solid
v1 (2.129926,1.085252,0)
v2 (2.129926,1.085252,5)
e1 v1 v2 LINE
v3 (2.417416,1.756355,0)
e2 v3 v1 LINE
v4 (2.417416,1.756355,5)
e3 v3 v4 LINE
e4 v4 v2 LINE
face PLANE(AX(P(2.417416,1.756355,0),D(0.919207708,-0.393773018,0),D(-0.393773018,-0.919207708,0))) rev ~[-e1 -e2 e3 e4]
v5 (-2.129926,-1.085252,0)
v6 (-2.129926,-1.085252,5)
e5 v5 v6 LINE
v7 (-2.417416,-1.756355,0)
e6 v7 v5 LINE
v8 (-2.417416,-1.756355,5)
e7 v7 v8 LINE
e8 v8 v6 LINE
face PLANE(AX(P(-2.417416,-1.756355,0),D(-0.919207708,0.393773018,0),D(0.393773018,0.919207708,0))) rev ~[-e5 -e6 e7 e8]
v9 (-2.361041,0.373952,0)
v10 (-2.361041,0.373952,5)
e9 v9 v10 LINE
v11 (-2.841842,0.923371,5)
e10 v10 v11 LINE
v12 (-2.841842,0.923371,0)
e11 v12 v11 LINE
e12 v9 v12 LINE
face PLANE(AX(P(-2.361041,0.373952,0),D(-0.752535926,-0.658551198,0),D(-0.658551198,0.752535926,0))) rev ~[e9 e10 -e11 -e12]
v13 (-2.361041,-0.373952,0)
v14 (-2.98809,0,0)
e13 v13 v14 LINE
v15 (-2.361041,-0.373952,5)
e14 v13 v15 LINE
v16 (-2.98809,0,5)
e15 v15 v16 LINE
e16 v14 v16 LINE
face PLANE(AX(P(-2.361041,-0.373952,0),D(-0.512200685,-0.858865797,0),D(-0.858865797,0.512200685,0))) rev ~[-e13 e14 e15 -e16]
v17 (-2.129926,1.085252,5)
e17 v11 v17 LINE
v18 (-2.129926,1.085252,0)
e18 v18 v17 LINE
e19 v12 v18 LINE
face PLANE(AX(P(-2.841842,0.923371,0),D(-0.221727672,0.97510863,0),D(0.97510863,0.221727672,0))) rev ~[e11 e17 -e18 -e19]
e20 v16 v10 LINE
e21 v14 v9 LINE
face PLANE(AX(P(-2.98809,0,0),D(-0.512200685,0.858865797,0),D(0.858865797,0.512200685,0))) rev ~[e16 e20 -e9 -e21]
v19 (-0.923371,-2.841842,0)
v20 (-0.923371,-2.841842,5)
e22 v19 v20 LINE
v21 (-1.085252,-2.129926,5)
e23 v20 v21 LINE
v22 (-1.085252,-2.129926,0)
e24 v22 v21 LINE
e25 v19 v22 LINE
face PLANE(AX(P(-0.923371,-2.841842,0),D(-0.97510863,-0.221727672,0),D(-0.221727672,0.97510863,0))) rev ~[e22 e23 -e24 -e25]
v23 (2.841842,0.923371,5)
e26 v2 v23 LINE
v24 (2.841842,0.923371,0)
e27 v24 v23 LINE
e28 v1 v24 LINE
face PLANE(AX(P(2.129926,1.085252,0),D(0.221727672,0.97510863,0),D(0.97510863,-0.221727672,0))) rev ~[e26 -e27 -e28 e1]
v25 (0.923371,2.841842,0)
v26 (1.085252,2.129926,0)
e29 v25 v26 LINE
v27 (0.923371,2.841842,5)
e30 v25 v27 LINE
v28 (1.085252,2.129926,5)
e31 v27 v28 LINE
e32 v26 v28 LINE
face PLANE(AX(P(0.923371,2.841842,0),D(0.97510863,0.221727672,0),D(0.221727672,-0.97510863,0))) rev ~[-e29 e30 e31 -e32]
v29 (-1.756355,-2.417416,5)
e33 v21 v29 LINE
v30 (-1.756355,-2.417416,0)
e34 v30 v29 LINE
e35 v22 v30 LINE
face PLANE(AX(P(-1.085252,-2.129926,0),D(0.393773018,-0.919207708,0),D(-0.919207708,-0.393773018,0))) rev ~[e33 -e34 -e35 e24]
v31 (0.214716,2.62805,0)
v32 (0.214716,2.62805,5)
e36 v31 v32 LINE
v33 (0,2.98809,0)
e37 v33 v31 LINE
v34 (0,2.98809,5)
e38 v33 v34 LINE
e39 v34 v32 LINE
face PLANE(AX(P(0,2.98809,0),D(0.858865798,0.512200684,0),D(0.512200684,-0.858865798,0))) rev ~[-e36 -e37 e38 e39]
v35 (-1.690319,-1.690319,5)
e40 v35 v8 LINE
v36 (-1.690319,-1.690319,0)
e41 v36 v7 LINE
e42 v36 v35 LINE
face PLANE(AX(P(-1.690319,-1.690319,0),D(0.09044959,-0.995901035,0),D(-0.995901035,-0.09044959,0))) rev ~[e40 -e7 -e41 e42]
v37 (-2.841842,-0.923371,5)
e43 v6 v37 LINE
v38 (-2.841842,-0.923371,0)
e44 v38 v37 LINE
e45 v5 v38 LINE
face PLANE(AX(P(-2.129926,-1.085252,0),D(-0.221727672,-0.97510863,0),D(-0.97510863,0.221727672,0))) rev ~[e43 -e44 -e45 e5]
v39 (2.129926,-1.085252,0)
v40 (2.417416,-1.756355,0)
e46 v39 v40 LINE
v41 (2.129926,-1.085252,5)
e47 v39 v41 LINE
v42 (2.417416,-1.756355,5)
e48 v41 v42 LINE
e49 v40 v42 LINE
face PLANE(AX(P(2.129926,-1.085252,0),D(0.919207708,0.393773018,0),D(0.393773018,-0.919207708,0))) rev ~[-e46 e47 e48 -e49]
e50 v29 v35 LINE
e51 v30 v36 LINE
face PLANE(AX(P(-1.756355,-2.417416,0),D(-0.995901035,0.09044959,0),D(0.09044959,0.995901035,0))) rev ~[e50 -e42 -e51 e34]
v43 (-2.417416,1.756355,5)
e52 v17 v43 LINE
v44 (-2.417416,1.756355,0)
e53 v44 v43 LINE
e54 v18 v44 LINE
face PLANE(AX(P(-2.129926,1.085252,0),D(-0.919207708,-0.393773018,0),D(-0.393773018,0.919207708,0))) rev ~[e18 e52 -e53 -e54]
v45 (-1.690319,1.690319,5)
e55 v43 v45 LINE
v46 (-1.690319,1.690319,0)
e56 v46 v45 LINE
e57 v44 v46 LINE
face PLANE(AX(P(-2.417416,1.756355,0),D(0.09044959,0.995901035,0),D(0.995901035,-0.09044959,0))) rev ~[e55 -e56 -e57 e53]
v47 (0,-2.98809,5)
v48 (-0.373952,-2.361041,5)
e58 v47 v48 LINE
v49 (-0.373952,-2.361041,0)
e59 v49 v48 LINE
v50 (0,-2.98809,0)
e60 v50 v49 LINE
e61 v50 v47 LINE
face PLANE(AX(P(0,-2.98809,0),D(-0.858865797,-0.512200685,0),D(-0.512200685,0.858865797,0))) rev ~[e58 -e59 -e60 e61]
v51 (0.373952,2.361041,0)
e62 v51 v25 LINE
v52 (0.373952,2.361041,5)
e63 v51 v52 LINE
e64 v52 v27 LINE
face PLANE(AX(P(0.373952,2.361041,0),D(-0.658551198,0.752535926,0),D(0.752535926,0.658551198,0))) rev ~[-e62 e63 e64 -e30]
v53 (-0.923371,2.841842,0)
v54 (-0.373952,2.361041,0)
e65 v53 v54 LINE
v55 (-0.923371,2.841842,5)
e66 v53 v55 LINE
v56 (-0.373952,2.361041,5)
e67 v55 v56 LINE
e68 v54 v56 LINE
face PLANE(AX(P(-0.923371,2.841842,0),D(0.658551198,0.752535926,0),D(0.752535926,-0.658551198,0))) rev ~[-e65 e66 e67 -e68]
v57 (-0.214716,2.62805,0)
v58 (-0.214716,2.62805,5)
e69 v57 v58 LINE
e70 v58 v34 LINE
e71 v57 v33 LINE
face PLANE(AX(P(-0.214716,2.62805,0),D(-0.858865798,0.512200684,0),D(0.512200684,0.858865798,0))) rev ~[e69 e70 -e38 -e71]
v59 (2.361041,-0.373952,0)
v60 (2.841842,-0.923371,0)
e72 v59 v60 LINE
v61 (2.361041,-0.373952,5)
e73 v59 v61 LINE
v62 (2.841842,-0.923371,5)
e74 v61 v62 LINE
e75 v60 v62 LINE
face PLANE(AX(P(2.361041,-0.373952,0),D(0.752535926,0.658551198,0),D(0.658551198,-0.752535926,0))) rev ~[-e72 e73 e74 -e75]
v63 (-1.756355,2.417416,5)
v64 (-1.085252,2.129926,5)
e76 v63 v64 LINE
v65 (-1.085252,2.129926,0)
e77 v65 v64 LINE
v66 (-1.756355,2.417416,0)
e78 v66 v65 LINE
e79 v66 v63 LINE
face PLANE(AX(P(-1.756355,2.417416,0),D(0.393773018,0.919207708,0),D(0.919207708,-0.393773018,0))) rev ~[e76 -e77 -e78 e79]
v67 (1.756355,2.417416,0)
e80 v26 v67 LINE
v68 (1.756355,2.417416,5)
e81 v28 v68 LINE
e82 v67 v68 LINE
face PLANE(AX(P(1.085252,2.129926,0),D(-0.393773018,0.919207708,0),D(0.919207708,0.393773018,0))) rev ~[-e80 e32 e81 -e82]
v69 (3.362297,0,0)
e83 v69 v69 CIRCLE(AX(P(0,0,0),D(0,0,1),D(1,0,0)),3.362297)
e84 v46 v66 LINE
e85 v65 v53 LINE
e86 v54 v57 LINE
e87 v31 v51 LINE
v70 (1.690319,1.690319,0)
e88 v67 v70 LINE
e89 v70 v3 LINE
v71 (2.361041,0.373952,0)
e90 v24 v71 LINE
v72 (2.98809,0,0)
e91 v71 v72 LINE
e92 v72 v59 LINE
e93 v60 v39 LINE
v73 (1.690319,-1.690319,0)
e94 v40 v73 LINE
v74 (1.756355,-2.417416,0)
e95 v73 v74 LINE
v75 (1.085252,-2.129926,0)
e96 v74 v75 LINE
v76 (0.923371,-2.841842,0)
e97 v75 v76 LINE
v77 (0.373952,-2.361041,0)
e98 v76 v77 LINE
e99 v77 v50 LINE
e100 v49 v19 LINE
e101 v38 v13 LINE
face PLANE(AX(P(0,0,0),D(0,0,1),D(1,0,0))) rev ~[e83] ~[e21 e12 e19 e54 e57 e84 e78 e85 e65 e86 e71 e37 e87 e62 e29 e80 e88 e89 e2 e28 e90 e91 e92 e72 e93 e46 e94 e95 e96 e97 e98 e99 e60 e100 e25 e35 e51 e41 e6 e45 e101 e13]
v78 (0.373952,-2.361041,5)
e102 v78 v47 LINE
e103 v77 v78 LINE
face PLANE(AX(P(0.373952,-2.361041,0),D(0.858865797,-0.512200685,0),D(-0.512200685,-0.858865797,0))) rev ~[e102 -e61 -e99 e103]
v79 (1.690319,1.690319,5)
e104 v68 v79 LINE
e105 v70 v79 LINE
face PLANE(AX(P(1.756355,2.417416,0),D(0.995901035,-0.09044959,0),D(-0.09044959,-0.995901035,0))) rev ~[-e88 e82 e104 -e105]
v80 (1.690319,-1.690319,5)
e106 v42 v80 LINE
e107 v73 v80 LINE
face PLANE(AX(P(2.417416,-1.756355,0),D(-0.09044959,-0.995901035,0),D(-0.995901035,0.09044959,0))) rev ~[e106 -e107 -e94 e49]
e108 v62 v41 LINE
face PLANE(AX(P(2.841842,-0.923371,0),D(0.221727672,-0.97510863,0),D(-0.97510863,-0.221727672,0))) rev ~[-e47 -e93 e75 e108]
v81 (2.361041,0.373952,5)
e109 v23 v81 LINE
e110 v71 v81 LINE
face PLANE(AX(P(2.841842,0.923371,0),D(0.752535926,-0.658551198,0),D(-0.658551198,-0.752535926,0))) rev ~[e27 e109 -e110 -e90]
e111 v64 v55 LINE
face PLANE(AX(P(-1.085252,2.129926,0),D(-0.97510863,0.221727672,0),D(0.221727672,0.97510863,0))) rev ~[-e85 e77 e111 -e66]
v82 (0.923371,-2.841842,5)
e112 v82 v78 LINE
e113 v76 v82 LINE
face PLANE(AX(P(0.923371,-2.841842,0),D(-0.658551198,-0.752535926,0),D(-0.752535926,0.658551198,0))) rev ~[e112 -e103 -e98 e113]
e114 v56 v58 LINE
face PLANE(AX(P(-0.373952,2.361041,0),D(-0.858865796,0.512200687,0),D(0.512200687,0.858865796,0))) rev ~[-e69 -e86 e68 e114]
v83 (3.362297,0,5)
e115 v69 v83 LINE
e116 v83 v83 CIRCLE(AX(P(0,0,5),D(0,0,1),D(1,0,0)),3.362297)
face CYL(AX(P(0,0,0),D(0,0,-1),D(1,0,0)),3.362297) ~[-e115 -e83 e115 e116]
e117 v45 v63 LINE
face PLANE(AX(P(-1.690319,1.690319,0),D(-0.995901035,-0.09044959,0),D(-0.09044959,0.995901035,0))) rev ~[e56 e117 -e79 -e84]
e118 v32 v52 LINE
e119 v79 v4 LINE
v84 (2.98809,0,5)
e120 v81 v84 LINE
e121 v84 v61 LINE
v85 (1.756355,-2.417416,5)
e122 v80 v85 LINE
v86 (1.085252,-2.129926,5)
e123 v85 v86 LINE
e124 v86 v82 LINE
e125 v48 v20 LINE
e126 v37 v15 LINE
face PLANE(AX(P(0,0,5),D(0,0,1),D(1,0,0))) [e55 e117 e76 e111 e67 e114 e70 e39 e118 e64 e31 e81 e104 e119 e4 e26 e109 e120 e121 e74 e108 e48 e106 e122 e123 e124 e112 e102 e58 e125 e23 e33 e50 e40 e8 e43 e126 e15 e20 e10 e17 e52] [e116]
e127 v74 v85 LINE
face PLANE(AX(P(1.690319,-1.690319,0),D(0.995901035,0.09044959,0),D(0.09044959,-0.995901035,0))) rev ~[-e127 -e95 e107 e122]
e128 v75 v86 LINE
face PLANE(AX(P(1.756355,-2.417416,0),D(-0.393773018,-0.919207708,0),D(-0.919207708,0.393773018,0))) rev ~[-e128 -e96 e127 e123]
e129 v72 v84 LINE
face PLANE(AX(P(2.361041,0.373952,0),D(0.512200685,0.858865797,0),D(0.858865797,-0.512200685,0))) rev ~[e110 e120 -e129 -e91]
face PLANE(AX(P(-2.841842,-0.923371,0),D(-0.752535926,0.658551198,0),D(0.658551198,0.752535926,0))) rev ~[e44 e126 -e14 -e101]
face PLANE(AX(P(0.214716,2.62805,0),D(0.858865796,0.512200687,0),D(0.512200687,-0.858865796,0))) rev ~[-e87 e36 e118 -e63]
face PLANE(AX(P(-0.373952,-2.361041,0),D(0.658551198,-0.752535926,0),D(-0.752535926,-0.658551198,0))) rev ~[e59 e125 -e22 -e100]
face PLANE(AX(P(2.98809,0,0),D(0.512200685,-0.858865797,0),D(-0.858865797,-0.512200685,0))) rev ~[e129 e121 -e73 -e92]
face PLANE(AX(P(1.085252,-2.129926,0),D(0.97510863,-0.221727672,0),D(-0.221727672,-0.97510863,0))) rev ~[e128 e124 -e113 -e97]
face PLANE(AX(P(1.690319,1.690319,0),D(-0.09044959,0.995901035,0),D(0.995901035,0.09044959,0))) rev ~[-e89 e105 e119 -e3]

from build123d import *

# Parameters (mm, degrees)
SERVOSPLINEPROFILE_R = 3.362297175
SERVOKEY_DEPTH       = 5


with BuildPart() as part:
    # ServoSplineProfile → ServoKey (new body)
    with BuildSketch(Plane.XY):
        Circle(SERVOSPLINEPROFILE_R)
        Polygon((0.214716449, 2.628050171), (0.373952201, 2.361041273), (0.923370571, 2.841842406), (1.085251555, 2.129926103), (1.756355197, 2.41741554), (1.690318926, 1.690318926), (2.41741554, 1.756355197), (2.129926103, 1.085251555), (2.841842406, 0.923370571), (2.361041273, 0.373952201), (2.988089937, 0), (2.361041273, -0.373952201), (2.841842406, -0.923370571), (2.129926103, -1.085251555), (2.41741554, -1.756355197), (1.690318926, -1.690318926), (1.756355197, -2.41741554), (1.085251555, -2.129926103), (0.923370571, -2.841842406), (0.373952201, -2.361041273), (0, -2.988089937), (-0.373952201, -2.361041273), (-0.923370571, -2.841842406), (-1.085251555, -2.129926103), (-1.756355197, -2.41741554), (-1.690318926, -1.690318926), (-2.41741554, -1.756355197), (-2.129926103, -1.085251555), (-2.841842406, -0.923370571), (-2.361041273, -0.373952201), (-2.988089937, 0), (-2.361041273, 0.373952201), (-2.841842406, 0.923370571), (-2.129926103, 1.085251555), (-2.41741554, 1.756355197), (-1.690318926, 1.690318926), (-1.756355197, 2.41741554), (-1.085251555, 2.129926103), (-0.923370571, 2.841842406), (-0.373952201, 2.361041273), (-0.214716449, 2.628050171), (0, 2.988089937), align=None, mode=Mode.SUBTRACT)
    extrude(amount=SERVOKEY_DEPTH)


solid = part.part
